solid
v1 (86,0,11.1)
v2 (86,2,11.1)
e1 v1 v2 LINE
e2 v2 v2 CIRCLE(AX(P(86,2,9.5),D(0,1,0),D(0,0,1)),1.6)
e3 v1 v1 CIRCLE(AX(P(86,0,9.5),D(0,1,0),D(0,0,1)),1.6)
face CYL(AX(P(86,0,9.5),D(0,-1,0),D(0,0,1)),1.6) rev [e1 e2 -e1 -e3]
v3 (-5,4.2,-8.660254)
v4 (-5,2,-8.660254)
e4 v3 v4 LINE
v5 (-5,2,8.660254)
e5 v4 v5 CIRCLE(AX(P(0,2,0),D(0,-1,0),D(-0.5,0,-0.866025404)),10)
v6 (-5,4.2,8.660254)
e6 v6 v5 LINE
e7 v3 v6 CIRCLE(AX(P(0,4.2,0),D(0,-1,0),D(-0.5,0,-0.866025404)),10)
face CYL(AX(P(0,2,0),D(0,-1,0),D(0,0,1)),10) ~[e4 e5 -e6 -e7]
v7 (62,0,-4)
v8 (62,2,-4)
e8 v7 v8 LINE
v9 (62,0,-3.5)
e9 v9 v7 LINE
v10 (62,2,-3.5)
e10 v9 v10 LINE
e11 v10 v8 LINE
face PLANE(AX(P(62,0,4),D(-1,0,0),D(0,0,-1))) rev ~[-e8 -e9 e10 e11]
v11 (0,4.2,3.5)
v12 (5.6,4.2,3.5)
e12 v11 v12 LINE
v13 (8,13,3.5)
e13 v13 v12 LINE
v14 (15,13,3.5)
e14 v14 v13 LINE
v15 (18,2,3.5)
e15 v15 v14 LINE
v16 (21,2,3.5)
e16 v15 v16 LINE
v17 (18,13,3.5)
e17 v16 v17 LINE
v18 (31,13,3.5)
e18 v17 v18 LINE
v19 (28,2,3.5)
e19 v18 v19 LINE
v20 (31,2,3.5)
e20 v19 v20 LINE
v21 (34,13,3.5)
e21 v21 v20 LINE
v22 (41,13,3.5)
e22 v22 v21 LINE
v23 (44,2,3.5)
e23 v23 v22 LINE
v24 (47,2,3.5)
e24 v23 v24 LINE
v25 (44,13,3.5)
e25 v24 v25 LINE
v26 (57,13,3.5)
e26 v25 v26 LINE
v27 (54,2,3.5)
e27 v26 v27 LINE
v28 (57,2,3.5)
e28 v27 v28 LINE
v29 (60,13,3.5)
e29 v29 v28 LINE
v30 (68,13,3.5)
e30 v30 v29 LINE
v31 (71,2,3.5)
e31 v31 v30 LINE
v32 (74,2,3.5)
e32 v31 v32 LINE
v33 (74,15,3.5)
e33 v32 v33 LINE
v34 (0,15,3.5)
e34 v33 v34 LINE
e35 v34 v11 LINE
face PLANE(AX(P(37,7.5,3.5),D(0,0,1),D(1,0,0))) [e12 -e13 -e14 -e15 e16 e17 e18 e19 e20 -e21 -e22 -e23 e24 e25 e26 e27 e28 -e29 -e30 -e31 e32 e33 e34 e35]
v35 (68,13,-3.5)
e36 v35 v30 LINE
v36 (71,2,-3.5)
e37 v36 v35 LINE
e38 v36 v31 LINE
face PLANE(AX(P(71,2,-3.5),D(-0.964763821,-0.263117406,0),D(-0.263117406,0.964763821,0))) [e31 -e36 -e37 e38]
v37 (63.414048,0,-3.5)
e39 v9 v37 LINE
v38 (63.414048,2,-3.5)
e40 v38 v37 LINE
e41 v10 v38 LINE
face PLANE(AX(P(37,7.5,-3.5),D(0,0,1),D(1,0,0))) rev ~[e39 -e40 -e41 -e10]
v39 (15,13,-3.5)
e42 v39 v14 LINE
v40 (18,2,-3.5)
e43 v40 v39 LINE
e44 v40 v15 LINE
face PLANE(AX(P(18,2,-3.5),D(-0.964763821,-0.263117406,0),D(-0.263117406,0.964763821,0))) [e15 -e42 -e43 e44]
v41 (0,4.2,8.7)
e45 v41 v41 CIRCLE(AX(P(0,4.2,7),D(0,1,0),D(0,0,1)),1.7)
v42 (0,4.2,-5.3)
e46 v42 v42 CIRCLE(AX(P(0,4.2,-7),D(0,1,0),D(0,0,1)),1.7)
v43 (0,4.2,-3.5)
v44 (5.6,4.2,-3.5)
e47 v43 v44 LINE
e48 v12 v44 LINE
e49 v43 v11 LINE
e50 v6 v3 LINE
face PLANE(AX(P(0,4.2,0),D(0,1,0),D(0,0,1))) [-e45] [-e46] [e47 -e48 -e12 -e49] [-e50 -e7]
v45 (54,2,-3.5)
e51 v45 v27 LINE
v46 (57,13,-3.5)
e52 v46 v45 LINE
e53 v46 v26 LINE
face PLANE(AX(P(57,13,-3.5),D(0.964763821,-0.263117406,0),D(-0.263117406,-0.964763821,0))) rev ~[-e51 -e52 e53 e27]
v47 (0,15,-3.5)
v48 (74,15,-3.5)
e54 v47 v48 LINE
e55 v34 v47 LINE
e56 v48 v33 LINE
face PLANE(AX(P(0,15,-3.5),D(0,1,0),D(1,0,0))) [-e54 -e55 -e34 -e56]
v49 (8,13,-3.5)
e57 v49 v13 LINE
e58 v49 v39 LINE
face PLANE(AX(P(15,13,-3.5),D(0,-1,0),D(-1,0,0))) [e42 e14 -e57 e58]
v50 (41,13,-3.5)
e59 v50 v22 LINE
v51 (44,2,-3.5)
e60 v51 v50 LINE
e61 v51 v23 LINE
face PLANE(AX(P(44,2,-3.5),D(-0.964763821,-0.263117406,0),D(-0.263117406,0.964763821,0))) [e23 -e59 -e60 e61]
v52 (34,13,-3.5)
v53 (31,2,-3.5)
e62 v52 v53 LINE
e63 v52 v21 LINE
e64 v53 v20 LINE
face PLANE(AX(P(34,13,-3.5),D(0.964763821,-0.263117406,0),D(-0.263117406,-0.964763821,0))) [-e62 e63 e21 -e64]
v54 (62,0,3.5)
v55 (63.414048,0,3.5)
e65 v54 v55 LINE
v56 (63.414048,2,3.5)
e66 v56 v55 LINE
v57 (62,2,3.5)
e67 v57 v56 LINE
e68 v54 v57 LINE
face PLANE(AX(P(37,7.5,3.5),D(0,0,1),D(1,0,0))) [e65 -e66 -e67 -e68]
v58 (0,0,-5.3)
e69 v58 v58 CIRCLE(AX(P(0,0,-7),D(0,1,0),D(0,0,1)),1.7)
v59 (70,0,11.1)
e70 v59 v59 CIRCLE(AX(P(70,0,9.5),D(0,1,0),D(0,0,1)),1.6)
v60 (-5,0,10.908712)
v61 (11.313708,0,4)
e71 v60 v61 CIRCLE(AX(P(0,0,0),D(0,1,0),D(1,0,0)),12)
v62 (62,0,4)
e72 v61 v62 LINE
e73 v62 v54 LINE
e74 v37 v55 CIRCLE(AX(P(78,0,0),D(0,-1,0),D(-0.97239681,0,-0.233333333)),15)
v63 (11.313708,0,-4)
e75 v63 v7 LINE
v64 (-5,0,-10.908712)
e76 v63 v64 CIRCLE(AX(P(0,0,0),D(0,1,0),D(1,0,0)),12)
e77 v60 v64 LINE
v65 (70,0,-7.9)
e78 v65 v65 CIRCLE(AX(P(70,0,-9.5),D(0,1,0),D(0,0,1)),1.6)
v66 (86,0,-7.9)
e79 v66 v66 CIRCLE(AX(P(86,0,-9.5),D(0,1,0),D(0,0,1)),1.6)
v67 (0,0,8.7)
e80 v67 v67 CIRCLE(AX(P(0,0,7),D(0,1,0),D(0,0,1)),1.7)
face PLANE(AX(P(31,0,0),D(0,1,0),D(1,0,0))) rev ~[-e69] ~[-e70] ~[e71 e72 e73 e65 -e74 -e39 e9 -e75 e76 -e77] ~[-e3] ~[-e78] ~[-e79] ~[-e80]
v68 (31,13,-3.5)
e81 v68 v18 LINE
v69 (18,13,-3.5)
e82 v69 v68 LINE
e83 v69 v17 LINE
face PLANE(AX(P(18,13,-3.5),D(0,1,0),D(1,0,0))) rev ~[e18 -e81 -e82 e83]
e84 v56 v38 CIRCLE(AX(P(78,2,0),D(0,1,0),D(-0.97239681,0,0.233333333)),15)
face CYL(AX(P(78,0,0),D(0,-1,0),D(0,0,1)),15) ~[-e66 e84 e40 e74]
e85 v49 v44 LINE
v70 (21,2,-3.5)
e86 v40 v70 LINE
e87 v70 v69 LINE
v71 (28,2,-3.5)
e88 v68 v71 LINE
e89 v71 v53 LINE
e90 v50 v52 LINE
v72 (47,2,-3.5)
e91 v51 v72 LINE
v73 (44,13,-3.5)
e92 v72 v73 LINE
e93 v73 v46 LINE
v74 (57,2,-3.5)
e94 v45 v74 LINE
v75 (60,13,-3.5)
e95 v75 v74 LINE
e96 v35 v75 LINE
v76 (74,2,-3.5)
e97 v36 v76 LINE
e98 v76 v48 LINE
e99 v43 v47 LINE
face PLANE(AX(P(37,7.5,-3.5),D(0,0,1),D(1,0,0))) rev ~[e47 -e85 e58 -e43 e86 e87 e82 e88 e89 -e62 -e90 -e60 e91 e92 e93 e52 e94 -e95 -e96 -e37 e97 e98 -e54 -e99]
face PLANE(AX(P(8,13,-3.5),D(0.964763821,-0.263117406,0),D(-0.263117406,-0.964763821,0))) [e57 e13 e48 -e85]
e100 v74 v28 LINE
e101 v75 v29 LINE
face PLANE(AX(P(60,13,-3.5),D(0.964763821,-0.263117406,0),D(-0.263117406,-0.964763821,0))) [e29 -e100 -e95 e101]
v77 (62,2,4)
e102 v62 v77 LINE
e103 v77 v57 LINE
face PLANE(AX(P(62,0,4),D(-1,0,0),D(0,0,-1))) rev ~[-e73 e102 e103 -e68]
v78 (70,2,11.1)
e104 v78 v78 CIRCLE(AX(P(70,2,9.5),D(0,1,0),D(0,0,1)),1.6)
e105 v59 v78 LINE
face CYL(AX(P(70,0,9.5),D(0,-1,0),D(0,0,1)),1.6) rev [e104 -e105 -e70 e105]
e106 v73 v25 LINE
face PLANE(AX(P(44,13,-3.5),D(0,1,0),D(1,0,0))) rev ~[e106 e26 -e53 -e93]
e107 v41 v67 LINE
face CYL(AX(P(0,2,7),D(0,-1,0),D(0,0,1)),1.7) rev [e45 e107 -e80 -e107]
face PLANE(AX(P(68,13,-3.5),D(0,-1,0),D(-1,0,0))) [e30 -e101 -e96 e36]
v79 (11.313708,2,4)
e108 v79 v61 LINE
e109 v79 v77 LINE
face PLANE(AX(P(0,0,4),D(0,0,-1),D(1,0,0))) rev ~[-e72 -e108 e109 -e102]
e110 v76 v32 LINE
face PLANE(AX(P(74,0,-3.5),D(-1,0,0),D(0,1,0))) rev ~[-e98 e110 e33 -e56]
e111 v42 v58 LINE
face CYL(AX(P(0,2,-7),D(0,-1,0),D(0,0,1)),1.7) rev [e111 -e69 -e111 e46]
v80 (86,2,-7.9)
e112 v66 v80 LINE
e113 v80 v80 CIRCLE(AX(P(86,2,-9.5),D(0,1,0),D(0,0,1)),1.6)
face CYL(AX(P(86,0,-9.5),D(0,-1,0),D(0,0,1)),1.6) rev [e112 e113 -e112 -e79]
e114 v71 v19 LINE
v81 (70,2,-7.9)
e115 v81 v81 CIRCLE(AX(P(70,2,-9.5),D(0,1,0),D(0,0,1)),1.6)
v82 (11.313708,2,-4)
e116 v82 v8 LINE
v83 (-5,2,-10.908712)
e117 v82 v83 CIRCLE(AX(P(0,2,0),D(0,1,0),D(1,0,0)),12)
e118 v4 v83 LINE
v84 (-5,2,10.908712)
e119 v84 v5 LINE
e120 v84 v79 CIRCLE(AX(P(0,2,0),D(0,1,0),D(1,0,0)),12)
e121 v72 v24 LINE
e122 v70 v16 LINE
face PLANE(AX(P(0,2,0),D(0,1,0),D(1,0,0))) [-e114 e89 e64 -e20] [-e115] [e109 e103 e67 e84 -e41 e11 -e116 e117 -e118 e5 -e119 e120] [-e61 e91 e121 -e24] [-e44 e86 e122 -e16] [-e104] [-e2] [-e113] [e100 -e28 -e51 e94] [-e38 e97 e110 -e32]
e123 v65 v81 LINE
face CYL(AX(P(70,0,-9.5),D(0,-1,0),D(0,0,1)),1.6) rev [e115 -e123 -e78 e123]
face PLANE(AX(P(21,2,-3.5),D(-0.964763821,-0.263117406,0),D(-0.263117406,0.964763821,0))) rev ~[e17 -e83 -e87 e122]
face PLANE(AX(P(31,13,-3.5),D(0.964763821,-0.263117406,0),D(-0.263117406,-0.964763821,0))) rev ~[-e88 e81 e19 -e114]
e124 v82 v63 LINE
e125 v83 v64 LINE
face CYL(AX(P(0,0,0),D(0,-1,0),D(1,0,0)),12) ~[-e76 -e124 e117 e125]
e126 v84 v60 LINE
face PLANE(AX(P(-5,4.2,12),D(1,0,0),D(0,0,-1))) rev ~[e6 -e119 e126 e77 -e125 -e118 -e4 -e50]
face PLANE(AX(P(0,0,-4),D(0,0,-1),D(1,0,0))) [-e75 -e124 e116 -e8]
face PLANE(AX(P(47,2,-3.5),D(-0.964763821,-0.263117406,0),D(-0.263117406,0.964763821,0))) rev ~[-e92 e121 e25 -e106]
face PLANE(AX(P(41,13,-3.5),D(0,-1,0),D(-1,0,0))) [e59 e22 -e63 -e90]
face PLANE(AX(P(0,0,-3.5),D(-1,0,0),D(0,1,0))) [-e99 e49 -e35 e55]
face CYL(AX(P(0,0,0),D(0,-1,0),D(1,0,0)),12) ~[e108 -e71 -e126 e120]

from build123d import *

# Parameters (mm, degrees)
SKETCH_1_W          = 62
SKETCH_1_H          = 8
EXTRUDE_1_DEPTH     = 2
SKETCH_2_R          = 12
SKETCH_2_R_2        = 1.7
EXTRUDE_2_DEPTH     = 2
EXTRUDE_START       = 2
SKETCH_3_R          = 10
SKETCH_3_R_2        = 1.7
EXTRUDE_3_DEPTH     = 2.2
EXTRUDE_START_2     = 13
SKETCH_4_W          = 20
SKETCH_4_H          = 7
EXTRUDE_4_DEPTH     = 2
SKETCH_5_R          = 15
SKETCH_5_R_2        = 1.6
EXTRUDE_5_DEPTH     = 2
EXTRUDE_START_3     = -3.5
SKETCH_6_W          = 74
SKETCH_6_H          = 15
EXTRUDE_6_DEPTH     = 7
SKETCH_7_W          = 13.866896788
SKETCH_7_H          = 9.192033752
CUT_EXTRUDE_1_DEPTH = 10
SKETCH_8_W          = 10
SKETCH_8_H          = 24
CUT_EXTRUDE_2_DEPTH = 10


with BuildPart() as part:
    # 草图1 → 凸台-拉伸1 (new body)
    with BuildSketch(Plane(origin=(0, 0, 0), x_dir=(1, 0, 0), z_dir=(0, 1, 0))):
        with Locations((31, 0)):
            Rectangle(SKETCH_1_W, SKETCH_1_H)
    extrude(amount=EXTRUDE_1_DEPTH)

    # 草图2 → 凸台-拉伸2 (add)
    with BuildSketch(Plane(origin=(0, 0, 0), x_dir=(1, 0, 0), z_dir=(0, 1, 0))):
        Circle(SKETCH_2_R)
        with Locations(Location((0, -7, 0), (0, 0, 270))):
            Circle(SKETCH_2_R_2, mode=Mode.SUBTRACT)
        with Locations(Location((0, 7, 0), (0, 0, 270))):
            Circle(SKETCH_2_R_2, mode=Mode.SUBTRACT)
    extrude(amount=EXTRUDE_2_DEPTH)

    # 草图3 → 凸台-拉伸3 (add)
    with BuildSketch(Plane(origin=(0, 0, 0), x_dir=(1, 0, 0), z_dir=(0, 1, 0)).offset(EXTRUDE_START)):
        with Locations(Location((0, 0, 0), (0, 0, 270))):
            Circle(SKETCH_3_R)
        with Locations(Location((0, -7, 0), (0, 0, 270))):
            Circle(SKETCH_3_R_2, mode=Mode.SUBTRACT)
        with Locations(Location((0, 7, 0), (0, 0, 270))):
            Circle(SKETCH_3_R_2, mode=Mode.SUBTRACT)
    extrude(amount=EXTRUDE_3_DEPTH)



with BuildPart() as body_2:
    # 草图4 → 凸台-拉伸4 (new body)
    with BuildSketch(Plane(origin=(0, 0, 0), x_dir=(1, 0, 0), z_dir=(0, 1, 0)).offset(EXTRUDE_START_2)):
        Rectangle(SKETCH_4_W, SKETCH_4_H)
    extrude(amount=EXTRUDE_4_DEPTH)


with BuildPart() as body_3:
    # 草图5 → 凸台-拉伸5 (new body)
    with BuildSketch(Plane(origin=(0, 0, 0), x_dir=(1, 0, 0), z_dir=(0, 1, 0))):
        with Locations(Location((78, 0, 0), (0, 0, 270))):
            Circle(SKETCH_5_R)
        with Locations(Location((70, -9.5, 0), (0, 0, 270))):
            Circle(SKETCH_5_R_2, mode=Mode.SUBTRACT)
        with Locations(Location((70, 9.5, 0), (0, 0, 270))):
            Circle(SKETCH_5_R_2, mode=Mode.SUBTRACT)
        with Locations(Location((86, -9.5, 0), (0, 0, 270))):
            Circle(SKETCH_5_R_2, mode=Mode.SUBTRACT)
        with Locations(Location((86, 9.5, 0), (0, 0, 270))):
            Circle(SKETCH_5_R_2, mode=Mode.SUBTRACT)
    extrude(amount=EXTRUDE_5_DEPTH)


with BuildPart() as part_1:
    add(part.part)

    add(body_2.part)  # 凸台-拉伸6 merges body 2

    add(body_3.part)  # 凸台-拉伸6 merges body 3
    # 草图6 → 凸台-拉伸6 (add)
    with BuildSketch(Plane.XY.offset(EXTRUDE_START_3)):
        with Locations((37, 7.5)):
            Rectangle(SKETCH_6_W, SKETCH_6_H)
        Polygon((5, 2), (18, 2), (15, 13), (8, 13), align=None, mode=Mode.SUBTRACT)
        Polygon((18, 13), (31, 13), (28, 2), (21, 2), align=None, mode=Mode.SUBTRACT)
        Polygon((31, 2), (44, 2), (41, 13), (34, 13), align=None, mode=Mode.SUBTRACT)
        Polygon((44, 13), (57, 13), (54, 2), (47, 2), align=None, mode=Mode.SUBTRACT)
        Polygon((57, 2), (71, 2), (68, 13), (60, 13), align=None, mode=Mode.SUBTRACT)
    extrude(amount=EXTRUDE_6_DEPTH)

    # 草图7 → 切除-拉伸1 (cut)
    with BuildSketch(Plane.XZ.offset(-13)):
        with Locations((-6.933448394, 0.107084937)):
            Rectangle(SKETCH_7_W, SKETCH_7_H)
    extrude(amount=-CUT_EXTRUDE_1_DEPTH, mode=Mode.SUBTRACT)

    # 草图8 → 切除-拉伸2 (cut)
    with BuildSketch(Plane(origin=(0, 4.2, 0), x_dir=(1, 0, 0), z_dir=(0, 1, 0))):
        with Locations((-10, 0)):
            Rectangle(SKETCH_8_W, SKETCH_8_H)
    extrude(amount=-CUT_EXTRUDE_2_DEPTH, mode=Mode.SUBTRACT)


solid = part_1.part
